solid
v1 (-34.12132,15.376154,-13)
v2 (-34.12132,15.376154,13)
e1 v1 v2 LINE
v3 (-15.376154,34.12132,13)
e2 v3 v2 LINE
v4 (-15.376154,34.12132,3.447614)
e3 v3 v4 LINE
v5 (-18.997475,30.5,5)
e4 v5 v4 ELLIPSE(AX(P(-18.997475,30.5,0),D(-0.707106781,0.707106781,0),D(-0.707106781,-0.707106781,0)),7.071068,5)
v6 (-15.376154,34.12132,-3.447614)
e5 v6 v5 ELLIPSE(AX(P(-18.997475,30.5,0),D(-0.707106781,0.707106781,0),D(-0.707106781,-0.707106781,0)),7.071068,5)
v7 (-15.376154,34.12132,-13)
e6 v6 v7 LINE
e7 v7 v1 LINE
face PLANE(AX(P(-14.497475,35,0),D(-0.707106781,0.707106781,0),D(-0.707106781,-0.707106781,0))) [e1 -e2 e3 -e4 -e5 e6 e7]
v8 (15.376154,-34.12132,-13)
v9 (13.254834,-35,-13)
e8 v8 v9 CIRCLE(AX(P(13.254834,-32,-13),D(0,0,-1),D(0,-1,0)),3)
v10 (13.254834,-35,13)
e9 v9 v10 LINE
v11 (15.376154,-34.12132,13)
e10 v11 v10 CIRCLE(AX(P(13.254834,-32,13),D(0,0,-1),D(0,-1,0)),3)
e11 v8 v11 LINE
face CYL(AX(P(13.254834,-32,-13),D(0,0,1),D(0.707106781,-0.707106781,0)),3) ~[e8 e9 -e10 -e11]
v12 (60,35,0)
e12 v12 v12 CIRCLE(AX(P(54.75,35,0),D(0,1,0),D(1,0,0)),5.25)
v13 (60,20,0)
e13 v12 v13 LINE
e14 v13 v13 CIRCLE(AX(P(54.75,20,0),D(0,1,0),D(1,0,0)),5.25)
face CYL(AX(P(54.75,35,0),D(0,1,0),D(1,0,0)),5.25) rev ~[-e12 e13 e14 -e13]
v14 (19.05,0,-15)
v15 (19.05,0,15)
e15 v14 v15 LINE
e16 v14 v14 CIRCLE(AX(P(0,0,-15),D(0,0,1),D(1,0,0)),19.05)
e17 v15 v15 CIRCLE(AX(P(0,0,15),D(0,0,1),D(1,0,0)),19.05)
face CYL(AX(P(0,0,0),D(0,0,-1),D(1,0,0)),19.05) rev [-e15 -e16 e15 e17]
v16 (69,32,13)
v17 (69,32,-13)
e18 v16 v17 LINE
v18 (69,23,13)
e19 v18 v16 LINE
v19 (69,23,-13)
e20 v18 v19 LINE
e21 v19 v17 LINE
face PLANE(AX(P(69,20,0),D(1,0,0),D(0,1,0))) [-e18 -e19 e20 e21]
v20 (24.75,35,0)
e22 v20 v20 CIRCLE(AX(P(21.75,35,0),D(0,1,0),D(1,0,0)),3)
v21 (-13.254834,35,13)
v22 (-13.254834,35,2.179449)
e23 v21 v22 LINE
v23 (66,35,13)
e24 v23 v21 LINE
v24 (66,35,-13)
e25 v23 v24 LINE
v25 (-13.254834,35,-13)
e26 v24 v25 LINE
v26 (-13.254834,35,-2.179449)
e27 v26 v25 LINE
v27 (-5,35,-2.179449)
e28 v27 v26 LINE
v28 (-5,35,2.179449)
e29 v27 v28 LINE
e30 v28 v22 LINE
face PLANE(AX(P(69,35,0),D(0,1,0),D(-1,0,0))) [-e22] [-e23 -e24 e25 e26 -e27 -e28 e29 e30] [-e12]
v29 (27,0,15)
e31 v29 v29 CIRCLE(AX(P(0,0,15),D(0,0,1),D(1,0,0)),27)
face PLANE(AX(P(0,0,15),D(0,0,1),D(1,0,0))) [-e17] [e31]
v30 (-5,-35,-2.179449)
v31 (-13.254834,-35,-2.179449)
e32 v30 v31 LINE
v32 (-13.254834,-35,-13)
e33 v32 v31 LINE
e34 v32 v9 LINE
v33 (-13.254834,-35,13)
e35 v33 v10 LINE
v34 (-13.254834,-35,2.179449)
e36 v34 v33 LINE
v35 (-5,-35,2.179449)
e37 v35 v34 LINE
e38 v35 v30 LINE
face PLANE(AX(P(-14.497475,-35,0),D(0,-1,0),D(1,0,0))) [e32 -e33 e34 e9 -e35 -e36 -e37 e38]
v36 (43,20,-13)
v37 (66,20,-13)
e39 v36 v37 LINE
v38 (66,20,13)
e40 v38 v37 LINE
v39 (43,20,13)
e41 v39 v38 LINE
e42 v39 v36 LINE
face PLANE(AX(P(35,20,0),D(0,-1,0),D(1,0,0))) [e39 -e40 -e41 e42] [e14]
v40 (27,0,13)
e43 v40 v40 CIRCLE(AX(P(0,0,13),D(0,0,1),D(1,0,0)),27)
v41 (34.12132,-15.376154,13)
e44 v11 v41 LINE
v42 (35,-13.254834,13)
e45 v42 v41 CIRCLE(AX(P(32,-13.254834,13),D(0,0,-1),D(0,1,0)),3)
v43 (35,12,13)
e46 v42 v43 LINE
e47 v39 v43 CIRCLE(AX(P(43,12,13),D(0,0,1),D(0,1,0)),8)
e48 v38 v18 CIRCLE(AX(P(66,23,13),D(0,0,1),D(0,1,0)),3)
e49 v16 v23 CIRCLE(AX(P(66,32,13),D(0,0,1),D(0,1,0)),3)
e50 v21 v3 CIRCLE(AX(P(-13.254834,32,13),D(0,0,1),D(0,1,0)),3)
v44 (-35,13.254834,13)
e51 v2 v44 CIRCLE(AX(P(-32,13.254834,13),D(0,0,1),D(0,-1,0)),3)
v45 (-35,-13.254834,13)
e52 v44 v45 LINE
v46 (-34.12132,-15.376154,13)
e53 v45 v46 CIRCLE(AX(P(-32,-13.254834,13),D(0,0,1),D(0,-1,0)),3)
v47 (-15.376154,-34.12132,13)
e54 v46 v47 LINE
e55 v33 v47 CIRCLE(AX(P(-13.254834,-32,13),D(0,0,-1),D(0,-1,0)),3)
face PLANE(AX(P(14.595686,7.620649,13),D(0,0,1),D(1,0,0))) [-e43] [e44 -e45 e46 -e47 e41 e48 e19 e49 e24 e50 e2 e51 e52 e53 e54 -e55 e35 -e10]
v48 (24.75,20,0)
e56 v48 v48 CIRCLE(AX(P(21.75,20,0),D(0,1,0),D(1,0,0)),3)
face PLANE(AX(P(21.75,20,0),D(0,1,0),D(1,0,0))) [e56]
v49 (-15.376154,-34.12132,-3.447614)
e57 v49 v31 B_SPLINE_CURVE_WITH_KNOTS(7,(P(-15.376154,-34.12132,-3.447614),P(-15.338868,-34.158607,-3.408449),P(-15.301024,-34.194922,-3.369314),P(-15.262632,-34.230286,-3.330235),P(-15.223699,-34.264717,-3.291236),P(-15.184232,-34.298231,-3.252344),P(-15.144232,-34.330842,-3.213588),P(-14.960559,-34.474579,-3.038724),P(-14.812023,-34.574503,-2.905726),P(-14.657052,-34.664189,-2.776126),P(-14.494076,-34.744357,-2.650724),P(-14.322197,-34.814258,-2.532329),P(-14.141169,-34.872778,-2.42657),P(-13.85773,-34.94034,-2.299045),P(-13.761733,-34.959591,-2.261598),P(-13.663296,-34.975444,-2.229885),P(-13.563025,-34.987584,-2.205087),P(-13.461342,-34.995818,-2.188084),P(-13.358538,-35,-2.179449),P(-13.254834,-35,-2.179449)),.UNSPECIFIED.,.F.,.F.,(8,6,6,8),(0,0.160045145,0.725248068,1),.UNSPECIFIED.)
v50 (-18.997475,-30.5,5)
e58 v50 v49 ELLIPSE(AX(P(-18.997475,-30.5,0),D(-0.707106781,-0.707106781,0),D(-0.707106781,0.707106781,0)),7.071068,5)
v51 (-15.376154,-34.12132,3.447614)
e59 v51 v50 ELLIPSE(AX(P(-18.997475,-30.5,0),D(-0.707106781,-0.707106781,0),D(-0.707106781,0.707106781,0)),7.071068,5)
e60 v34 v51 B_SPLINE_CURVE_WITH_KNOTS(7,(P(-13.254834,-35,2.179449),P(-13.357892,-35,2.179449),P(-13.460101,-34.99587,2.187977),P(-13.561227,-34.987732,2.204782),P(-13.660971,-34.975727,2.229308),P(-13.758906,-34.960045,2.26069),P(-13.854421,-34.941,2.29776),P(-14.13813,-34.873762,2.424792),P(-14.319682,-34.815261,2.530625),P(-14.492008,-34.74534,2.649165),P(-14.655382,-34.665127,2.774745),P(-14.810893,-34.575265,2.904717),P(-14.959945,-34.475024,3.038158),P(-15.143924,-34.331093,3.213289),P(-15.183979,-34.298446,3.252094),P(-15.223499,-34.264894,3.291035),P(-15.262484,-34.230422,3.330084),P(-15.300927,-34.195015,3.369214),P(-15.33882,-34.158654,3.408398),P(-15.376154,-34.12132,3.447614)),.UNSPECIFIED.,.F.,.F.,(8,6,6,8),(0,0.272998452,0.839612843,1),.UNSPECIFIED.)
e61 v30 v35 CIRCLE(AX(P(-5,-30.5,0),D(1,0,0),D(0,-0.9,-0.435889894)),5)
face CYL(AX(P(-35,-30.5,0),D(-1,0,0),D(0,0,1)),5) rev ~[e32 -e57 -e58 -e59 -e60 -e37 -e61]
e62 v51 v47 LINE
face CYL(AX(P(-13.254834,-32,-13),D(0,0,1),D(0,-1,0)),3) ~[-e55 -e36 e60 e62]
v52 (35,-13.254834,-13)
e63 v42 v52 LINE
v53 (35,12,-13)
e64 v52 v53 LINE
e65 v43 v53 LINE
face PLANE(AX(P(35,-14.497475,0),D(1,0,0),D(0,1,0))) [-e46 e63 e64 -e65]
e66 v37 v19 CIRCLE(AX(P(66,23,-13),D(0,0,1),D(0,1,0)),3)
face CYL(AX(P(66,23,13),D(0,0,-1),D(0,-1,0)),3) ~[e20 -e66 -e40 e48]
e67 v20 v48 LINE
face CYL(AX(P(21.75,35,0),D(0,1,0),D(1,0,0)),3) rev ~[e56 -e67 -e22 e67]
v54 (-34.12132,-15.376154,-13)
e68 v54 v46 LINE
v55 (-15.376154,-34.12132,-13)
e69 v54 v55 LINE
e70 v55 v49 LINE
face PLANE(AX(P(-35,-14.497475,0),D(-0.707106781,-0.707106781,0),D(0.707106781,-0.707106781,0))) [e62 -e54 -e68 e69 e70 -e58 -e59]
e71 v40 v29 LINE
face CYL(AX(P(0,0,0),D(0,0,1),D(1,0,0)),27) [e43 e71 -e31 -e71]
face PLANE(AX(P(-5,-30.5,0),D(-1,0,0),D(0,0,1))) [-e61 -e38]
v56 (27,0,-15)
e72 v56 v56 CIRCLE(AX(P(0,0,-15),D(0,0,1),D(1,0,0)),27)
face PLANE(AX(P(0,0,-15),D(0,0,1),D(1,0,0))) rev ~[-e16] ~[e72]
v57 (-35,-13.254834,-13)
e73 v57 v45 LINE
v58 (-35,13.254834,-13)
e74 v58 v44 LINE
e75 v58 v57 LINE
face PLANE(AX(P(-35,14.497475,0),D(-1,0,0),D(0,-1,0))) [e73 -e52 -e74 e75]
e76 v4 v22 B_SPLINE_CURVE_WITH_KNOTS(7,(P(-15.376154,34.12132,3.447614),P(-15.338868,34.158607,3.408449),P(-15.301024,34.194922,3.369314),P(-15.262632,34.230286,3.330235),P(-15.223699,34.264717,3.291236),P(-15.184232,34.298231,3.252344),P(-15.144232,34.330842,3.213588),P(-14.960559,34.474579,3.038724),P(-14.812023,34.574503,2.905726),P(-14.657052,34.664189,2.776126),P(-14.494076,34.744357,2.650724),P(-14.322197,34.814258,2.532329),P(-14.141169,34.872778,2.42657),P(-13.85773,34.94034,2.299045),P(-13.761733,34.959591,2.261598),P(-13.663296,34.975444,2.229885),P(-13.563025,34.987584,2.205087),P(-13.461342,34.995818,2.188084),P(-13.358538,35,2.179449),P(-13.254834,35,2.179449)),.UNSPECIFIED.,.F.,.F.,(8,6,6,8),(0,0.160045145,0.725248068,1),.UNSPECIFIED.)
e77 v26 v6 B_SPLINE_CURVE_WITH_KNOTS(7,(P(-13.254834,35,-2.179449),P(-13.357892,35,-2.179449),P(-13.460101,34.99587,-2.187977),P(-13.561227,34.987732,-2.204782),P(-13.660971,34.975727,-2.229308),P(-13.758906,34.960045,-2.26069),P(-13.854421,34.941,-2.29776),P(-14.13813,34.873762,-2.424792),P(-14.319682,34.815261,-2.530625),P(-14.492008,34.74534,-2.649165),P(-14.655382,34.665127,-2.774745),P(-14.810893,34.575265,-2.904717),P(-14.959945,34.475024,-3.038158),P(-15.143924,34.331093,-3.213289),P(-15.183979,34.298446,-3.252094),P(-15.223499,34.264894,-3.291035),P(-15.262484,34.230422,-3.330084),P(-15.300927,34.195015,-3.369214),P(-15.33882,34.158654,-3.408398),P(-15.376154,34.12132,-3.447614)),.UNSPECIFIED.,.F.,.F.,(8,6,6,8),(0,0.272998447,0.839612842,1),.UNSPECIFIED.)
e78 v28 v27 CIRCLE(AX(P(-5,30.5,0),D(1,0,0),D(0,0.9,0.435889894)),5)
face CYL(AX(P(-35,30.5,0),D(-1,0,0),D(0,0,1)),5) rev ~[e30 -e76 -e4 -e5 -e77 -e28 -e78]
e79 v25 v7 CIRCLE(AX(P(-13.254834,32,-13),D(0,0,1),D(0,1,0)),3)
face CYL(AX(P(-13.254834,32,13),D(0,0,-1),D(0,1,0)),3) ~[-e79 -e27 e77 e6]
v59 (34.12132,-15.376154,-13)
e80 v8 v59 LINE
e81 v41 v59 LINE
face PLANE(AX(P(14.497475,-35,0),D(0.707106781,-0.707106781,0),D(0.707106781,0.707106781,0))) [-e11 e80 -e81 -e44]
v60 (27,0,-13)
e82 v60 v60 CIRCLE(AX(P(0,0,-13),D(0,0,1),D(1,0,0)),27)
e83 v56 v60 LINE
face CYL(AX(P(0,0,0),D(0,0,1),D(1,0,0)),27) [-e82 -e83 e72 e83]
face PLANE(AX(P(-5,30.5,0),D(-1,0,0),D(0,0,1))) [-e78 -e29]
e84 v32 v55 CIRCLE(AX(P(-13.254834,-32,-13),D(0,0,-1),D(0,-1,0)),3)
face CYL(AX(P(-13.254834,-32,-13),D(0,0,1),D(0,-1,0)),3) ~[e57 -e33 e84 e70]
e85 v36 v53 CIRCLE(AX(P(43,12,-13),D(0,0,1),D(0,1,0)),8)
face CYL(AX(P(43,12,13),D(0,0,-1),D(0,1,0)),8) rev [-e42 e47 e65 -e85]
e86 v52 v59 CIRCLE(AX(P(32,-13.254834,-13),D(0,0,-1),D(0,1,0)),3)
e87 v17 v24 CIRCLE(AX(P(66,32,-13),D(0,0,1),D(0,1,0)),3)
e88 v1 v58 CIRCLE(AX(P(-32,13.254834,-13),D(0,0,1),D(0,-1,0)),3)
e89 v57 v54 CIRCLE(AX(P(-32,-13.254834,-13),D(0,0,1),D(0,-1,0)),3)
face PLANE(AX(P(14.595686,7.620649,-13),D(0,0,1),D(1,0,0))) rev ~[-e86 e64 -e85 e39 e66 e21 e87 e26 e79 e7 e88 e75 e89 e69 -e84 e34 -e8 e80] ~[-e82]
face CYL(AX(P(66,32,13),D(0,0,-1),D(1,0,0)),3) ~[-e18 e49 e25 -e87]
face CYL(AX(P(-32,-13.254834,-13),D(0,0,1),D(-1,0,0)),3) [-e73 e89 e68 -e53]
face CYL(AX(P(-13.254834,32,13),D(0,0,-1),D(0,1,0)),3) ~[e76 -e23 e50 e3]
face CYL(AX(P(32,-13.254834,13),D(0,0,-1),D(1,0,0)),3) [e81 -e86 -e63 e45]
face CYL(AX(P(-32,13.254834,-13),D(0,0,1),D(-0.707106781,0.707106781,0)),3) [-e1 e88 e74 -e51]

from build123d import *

# Parameters (mm, degrees)
SKETCH1_R           = 19.05
BOSS_EXTRUDE1_DEPTH = 13
FILLET1_R           = 8
FILLET2_R           = 3
SKETCH2_R           = 27
SKETCH2_R_2         = 19.05
BOSS_EXTRUDE2_DEPTH = 15
SKETCH3_R           = 5
CUT_EXTRUDE1_DEPTH  = 30
SKETCH4_R           = 5.25
SKETCH4_R_2         = 3
CUT_EXTRUDE2_DEPTH  = 15


with BuildPart() as part:
    # Sketch1 → Boss-Extrude1 (new body, symmetric)
    with BuildSketch(Plane.XY):
        Polygon((14.497474683, 35), (0, 35), (-14.497474683, 35), (-35, 14.497474683), (-35, -14.497474683), (-14.497474683, -35), (14.497474683, -35), (35, -14.497474683), (35, 20), (69, 20), (69, 35), align=None)
        Circle(SKETCH1_R, mode=Mode.SUBTRACT)
    extrude(amount=BOSS_EXTRUDE1_DEPTH, both=True)

    # Fillet1
    fillet1_edges = [part.edges().sort_by_distance(p)[0] for p in [
        (35, 20, 0),
    ]]
    fillet(fillet1_edges, radius=FILLET1_R)

    # Fillet2
    fillet2_edges = [part.edges().sort_by_distance(p)[0] for p in [
        (69, 35, 0),
        (69, 20, 0),
        (35, -14.497474683, 0),
        (14.497474683, -35, 0),
        (-14.497474683, -35, 0),
        (-35, -14.497474683, 0),
        (-35, 14.497474683, 0),
        (-14.497474683, 35, 0),
    ]]
    fillet(fillet2_edges, radius=FILLET2_R)

    # Sketch2 → Boss-Extrude2 (add, symmetric)
    with BuildSketch(Plane.XY):
        Circle(SKETCH2_R)
        Circle(SKETCH2_R_2, mode=Mode.SUBTRACT)
    extrude(amount=BOSS_EXTRUDE2_DEPTH, both=True)

    # Sketch3 → Cut-Extrude1 (cut)
    with BuildSketch(Plane.ZY.offset(35)):
        with Locations((0, -30.5)):
            Circle(SKETCH3_R)
        with Locations((0, 30.5)):
            Circle(SKETCH3_R)
    extrude(amount=-CUT_EXTRUDE1_DEPTH, mode=Mode.SUBTRACT)

    # Sketch4 → Cut-Extrude2 (cut)
    with BuildSketch(Plane(origin=(0, 35, 0), x_dir=(1, 0, 0), z_dir=(0, 1, 0))):
        with Locations((54.75, 0)):
            Circle(SKETCH4_R)
        with Locations((21.75, 0)):
            Circle(SKETCH4_R_2)
    extrude(amount=-CUT_EXTRUDE2_DEPTH, mode=Mode.SUBTRACT)


solid = part.part
